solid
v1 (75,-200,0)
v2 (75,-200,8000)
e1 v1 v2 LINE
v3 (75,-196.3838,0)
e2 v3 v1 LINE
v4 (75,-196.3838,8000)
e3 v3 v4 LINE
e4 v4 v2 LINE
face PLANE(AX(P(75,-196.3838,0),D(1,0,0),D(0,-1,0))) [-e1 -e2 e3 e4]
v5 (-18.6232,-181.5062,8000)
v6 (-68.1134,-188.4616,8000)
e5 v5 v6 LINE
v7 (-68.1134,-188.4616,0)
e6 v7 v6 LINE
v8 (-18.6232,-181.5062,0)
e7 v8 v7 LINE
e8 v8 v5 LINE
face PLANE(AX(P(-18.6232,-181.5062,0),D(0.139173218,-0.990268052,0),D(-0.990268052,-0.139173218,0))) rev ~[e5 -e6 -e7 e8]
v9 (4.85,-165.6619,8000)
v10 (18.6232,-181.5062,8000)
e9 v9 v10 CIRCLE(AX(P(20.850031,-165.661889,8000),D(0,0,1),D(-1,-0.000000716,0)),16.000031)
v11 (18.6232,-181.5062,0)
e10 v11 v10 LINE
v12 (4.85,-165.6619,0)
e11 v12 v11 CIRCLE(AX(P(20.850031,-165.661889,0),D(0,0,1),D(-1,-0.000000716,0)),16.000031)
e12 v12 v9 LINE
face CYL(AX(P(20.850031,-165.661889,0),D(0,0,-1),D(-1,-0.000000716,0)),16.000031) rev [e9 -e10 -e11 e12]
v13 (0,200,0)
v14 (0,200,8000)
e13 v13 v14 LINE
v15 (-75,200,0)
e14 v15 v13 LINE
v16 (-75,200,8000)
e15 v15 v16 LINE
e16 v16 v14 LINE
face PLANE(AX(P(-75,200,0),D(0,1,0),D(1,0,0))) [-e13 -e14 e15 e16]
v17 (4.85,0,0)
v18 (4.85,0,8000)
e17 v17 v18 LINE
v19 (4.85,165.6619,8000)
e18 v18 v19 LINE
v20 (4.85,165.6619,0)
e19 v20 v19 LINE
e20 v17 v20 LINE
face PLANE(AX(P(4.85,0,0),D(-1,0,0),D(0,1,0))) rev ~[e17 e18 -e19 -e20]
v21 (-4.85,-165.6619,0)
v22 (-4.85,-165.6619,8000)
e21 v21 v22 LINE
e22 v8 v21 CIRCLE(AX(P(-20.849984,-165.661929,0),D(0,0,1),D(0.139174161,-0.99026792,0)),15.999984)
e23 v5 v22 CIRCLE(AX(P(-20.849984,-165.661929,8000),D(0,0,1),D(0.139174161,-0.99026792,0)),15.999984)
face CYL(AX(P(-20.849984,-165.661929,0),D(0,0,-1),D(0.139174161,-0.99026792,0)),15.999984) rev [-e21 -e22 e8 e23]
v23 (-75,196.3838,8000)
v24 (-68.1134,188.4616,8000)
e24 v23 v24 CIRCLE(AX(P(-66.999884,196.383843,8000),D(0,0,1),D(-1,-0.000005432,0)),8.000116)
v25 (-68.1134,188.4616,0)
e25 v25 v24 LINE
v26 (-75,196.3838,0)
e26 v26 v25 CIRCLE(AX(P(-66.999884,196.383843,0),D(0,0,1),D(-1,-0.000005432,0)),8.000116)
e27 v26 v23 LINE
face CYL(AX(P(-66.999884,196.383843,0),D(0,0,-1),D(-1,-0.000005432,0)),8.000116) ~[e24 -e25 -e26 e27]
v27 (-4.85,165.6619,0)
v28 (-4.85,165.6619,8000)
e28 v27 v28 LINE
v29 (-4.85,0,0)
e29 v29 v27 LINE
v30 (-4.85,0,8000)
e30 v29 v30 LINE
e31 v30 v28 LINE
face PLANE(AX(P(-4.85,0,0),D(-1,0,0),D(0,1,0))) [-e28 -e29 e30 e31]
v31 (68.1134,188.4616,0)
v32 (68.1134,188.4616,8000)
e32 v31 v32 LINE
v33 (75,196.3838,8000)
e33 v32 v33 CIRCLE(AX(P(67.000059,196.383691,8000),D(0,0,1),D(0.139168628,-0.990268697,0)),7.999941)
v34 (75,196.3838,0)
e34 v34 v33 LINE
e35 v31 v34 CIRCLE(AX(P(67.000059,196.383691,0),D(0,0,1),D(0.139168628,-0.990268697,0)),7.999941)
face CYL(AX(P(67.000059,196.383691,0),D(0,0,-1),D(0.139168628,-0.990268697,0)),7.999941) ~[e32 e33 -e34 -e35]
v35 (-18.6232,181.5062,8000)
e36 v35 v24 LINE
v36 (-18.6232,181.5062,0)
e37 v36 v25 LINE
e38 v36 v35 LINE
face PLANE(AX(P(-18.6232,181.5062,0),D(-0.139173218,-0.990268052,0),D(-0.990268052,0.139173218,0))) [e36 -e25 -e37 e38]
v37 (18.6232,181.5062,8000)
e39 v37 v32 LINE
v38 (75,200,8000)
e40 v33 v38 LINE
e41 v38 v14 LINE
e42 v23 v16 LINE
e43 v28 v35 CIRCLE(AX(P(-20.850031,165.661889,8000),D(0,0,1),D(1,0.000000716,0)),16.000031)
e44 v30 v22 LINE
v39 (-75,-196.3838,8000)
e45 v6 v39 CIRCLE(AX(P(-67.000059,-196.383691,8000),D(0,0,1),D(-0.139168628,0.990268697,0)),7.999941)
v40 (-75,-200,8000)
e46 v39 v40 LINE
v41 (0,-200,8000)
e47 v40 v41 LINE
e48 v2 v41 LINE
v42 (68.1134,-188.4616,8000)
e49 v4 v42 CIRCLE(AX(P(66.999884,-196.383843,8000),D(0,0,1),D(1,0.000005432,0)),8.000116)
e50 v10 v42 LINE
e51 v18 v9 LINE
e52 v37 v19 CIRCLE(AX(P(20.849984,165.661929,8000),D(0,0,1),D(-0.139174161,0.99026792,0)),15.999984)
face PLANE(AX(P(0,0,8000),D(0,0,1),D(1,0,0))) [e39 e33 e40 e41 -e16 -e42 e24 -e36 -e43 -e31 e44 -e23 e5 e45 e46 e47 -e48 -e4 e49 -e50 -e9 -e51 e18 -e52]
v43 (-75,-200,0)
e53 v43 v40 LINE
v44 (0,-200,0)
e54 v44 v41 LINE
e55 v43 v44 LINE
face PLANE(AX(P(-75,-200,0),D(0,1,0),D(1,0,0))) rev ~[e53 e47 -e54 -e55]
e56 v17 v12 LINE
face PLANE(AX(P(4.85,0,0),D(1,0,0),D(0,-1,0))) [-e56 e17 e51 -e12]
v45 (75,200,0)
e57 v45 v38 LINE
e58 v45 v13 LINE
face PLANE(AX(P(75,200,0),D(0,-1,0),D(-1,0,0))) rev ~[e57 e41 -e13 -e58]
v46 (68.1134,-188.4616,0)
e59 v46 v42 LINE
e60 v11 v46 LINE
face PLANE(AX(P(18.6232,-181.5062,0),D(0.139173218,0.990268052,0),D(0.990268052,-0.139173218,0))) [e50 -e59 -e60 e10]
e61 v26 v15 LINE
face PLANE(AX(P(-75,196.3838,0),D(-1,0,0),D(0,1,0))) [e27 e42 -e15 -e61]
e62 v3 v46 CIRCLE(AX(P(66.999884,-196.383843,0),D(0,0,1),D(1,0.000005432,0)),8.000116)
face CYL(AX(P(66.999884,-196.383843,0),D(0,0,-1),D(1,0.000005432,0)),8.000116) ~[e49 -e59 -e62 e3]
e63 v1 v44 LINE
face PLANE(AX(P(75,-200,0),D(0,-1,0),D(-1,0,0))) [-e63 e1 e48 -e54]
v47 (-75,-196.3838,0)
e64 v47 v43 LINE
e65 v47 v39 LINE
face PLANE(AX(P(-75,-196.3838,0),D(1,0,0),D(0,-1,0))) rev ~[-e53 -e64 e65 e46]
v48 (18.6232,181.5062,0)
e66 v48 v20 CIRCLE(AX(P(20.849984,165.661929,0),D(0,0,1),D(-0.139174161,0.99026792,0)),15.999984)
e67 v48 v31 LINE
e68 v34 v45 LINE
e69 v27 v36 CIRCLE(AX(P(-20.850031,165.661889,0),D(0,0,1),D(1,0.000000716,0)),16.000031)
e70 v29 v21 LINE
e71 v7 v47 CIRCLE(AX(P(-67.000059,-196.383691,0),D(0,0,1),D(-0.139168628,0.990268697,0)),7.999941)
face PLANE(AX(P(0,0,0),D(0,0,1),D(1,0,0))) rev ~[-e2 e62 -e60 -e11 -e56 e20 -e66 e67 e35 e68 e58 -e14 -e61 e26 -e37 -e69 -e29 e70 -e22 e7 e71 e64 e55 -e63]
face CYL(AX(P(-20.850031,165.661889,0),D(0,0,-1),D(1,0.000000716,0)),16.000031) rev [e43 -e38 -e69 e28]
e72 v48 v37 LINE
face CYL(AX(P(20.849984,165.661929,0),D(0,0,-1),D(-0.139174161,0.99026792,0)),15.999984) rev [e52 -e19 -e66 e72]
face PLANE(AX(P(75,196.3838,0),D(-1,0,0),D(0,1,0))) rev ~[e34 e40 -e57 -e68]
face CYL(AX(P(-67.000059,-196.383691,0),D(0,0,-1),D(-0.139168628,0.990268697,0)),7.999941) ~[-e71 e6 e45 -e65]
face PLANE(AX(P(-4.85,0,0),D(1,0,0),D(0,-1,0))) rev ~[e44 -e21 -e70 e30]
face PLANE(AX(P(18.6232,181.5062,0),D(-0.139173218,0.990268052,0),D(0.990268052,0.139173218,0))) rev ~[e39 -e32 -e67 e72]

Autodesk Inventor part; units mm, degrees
ref_plane "YZ Plane" through (0, 0, 0) normal (1, 0, 0) x (0, 1, 0)
ref_plane "Startebene" through (0, 0, 0) normal (0, 0, 1) x (1, 0, 0)
ref_plane "Endebene" through (0, 0, 8000) normal (0, 0, 1) x (1, 0, 0)
sketch "Skizze" plane through (0, 0, 0) normal (0, 0, 1) x (1, 0, 0)
  line L0 (-4.85, 0) -> (-4.85, -165.6619)
  line L1 (-18.6232, -181.5062) -> (-68.1134, -188.4616)
  line L2 (-75, -196.3838) -> (-75, -200)
  line L3 (-75, -200) -> (0, -200)
  line L4 (-39.925, -200) -> (-39.925, -184.5) construction
  line L5 (-25.7112, 0) -> (34.2816, 0) construction
  line L6 (0, 40) -> (0, -200) construction
  line L7 (0, -48) -> (0, 64) construction
  line L8 (4.85, 0) -> (4.85, -165.6619)
  line L9 (18.6232, -181.5062) -> (68.1134, -188.4616)
  line L10 (75, -196.3838) -> (75, -200)
  line L11 (75, -200) -> (0, -200)
  line L12 (-4.85, 0) -> (4.85, 0) construction
  line L13 (-4.85, 0) -> (-4.85, 165.6619)
  line L14 (-18.6232, 181.5062) -> (-68.1134, 188.4616)
  line L15 (-75, 196.3838) -> (-75, 200)
  line L16 (-75, 200) -> (0, 200)
  line L17 (4.85, 0) -> (4.85, 165.6619)
  line L18 (18.6232, 181.5062) -> (68.1134, 188.4616)
  line L19 (75, 196.3838) -> (75, 200)
  line L20 (75, 200) -> (0, 200)
  arc A0 (-75, 196.3838) -> (-68.1134, 188.4616) centre (-67, 196.3838) ccw
  arc A1 (68.1134, 188.4616) -> (75, 196.3838) centre (67, 196.3838) ccw
  arc A2 (75, -196.3838) -> (68.1134, -188.4616) centre (67, -196.3838) ccw
  arc A3 (-68.1134, -188.4616) -> (-75, -196.3838) centre (-67, -196.3838) ccw
  arc A4 (-4.85, 165.6619) -> (-18.6232, 181.5062) centre (-20.85, 165.6619) ccw
  arc A5 (18.6232, 181.5062) -> (4.85, 165.6619) centre (20.85, 165.6619) ccw
  arc A6 (4.85, -165.6619) -> (18.6232, -181.5062) centre (20.85, -165.6619) ccw
  arc A7 (-18.6232, -181.5062) -> (-4.85, -165.6619) centre (-20.85, -165.6619) ccw
  line L21 (0, 280) -> (0, -280) construction
  line L22 (-107.0734, 0) -> (107.0734, 0) construction
  point P0 (-4.85, -179.5705)
  point P1 (-75, -189.4295)
  point P2 (4.85, -179.5705)
  point P3 (75, -189.4295)
  point P4 (39.925, -200)
  point P5 (39.925, -184.5)
  point P6 (-4.85, 179.5705)
  point P7 (-75, 189.4295)
  point P8 (-39.925, 200)
  point P9 (-39.925, 184.5)
  point P10 (4.85, 179.5705)
  point P11 (75, 189.4295)
  point P12 (39.925, 184.5)
  point P13 (39.925, 200)
  dimension "d1" = 4.9295
  dimension "d2" = 15.5
  dimension "d3" = 35.075
  dimension "d4" = 4.85
  dimension "d5" = 75
  dimension "d10" = 200
  dimension "d14" = 8
  dimension "d15" = 16
extrude "Körper" add sketch "Skizze" along normal up to surface (8000 mm away) from surface at 0
sketch "Sketch3" plane through (0, 0, 0) normal (0, 0, 1) x (1, 0, 0)
  line L0 (0, 0) -> (10, 0)
ref_plane "Work Plane3" through (0, 0, 0) normal (0, -1, 0) x (1, 0, 0)
sketch "Sketch4" plane through (0, 0, 0) normal (0, -1, 0) x (1, 0, 0)
  line L0 (-2, 0) -> (12, 0)
  line L1 (-2, 8000) -> (12, 8000)
  dimension "d19" = 8000
equation "\"d2\" = G_T1"
equation "\"d3\" = G_C"
equation "\"d4\" = 0.5 * G_T"
equation "\"d5\" = 0.5 * G_W"
equation "\"d10\" = 0.5 * G_H"
equation "\"d14\" = G_ER"
equation "\"d15\" = G_IR"
equation "\"d6\" = G_L"
equation "\"G_W\" = 150"
equation "\"G_H\" = 400"
equation "\"G_T\" = 9.7"
equation "\"G_T1\" = 15.5"
equation "\"G_C\" = 35.075"
equation "\"G_NG\" = 0.140541"
equation "\"G_L\" = d19"
equation "\"G_ER\" = 0.5 * G_IR"
equation "\"G_IR\" = 16"
equation "\"G_OFFSET_START\" = 0"
equation "\"G_OFFSET_END\" = 0"
properties part number "ISO 657/15 - SB 400x66 - 8000" material "Stahl, weich"
